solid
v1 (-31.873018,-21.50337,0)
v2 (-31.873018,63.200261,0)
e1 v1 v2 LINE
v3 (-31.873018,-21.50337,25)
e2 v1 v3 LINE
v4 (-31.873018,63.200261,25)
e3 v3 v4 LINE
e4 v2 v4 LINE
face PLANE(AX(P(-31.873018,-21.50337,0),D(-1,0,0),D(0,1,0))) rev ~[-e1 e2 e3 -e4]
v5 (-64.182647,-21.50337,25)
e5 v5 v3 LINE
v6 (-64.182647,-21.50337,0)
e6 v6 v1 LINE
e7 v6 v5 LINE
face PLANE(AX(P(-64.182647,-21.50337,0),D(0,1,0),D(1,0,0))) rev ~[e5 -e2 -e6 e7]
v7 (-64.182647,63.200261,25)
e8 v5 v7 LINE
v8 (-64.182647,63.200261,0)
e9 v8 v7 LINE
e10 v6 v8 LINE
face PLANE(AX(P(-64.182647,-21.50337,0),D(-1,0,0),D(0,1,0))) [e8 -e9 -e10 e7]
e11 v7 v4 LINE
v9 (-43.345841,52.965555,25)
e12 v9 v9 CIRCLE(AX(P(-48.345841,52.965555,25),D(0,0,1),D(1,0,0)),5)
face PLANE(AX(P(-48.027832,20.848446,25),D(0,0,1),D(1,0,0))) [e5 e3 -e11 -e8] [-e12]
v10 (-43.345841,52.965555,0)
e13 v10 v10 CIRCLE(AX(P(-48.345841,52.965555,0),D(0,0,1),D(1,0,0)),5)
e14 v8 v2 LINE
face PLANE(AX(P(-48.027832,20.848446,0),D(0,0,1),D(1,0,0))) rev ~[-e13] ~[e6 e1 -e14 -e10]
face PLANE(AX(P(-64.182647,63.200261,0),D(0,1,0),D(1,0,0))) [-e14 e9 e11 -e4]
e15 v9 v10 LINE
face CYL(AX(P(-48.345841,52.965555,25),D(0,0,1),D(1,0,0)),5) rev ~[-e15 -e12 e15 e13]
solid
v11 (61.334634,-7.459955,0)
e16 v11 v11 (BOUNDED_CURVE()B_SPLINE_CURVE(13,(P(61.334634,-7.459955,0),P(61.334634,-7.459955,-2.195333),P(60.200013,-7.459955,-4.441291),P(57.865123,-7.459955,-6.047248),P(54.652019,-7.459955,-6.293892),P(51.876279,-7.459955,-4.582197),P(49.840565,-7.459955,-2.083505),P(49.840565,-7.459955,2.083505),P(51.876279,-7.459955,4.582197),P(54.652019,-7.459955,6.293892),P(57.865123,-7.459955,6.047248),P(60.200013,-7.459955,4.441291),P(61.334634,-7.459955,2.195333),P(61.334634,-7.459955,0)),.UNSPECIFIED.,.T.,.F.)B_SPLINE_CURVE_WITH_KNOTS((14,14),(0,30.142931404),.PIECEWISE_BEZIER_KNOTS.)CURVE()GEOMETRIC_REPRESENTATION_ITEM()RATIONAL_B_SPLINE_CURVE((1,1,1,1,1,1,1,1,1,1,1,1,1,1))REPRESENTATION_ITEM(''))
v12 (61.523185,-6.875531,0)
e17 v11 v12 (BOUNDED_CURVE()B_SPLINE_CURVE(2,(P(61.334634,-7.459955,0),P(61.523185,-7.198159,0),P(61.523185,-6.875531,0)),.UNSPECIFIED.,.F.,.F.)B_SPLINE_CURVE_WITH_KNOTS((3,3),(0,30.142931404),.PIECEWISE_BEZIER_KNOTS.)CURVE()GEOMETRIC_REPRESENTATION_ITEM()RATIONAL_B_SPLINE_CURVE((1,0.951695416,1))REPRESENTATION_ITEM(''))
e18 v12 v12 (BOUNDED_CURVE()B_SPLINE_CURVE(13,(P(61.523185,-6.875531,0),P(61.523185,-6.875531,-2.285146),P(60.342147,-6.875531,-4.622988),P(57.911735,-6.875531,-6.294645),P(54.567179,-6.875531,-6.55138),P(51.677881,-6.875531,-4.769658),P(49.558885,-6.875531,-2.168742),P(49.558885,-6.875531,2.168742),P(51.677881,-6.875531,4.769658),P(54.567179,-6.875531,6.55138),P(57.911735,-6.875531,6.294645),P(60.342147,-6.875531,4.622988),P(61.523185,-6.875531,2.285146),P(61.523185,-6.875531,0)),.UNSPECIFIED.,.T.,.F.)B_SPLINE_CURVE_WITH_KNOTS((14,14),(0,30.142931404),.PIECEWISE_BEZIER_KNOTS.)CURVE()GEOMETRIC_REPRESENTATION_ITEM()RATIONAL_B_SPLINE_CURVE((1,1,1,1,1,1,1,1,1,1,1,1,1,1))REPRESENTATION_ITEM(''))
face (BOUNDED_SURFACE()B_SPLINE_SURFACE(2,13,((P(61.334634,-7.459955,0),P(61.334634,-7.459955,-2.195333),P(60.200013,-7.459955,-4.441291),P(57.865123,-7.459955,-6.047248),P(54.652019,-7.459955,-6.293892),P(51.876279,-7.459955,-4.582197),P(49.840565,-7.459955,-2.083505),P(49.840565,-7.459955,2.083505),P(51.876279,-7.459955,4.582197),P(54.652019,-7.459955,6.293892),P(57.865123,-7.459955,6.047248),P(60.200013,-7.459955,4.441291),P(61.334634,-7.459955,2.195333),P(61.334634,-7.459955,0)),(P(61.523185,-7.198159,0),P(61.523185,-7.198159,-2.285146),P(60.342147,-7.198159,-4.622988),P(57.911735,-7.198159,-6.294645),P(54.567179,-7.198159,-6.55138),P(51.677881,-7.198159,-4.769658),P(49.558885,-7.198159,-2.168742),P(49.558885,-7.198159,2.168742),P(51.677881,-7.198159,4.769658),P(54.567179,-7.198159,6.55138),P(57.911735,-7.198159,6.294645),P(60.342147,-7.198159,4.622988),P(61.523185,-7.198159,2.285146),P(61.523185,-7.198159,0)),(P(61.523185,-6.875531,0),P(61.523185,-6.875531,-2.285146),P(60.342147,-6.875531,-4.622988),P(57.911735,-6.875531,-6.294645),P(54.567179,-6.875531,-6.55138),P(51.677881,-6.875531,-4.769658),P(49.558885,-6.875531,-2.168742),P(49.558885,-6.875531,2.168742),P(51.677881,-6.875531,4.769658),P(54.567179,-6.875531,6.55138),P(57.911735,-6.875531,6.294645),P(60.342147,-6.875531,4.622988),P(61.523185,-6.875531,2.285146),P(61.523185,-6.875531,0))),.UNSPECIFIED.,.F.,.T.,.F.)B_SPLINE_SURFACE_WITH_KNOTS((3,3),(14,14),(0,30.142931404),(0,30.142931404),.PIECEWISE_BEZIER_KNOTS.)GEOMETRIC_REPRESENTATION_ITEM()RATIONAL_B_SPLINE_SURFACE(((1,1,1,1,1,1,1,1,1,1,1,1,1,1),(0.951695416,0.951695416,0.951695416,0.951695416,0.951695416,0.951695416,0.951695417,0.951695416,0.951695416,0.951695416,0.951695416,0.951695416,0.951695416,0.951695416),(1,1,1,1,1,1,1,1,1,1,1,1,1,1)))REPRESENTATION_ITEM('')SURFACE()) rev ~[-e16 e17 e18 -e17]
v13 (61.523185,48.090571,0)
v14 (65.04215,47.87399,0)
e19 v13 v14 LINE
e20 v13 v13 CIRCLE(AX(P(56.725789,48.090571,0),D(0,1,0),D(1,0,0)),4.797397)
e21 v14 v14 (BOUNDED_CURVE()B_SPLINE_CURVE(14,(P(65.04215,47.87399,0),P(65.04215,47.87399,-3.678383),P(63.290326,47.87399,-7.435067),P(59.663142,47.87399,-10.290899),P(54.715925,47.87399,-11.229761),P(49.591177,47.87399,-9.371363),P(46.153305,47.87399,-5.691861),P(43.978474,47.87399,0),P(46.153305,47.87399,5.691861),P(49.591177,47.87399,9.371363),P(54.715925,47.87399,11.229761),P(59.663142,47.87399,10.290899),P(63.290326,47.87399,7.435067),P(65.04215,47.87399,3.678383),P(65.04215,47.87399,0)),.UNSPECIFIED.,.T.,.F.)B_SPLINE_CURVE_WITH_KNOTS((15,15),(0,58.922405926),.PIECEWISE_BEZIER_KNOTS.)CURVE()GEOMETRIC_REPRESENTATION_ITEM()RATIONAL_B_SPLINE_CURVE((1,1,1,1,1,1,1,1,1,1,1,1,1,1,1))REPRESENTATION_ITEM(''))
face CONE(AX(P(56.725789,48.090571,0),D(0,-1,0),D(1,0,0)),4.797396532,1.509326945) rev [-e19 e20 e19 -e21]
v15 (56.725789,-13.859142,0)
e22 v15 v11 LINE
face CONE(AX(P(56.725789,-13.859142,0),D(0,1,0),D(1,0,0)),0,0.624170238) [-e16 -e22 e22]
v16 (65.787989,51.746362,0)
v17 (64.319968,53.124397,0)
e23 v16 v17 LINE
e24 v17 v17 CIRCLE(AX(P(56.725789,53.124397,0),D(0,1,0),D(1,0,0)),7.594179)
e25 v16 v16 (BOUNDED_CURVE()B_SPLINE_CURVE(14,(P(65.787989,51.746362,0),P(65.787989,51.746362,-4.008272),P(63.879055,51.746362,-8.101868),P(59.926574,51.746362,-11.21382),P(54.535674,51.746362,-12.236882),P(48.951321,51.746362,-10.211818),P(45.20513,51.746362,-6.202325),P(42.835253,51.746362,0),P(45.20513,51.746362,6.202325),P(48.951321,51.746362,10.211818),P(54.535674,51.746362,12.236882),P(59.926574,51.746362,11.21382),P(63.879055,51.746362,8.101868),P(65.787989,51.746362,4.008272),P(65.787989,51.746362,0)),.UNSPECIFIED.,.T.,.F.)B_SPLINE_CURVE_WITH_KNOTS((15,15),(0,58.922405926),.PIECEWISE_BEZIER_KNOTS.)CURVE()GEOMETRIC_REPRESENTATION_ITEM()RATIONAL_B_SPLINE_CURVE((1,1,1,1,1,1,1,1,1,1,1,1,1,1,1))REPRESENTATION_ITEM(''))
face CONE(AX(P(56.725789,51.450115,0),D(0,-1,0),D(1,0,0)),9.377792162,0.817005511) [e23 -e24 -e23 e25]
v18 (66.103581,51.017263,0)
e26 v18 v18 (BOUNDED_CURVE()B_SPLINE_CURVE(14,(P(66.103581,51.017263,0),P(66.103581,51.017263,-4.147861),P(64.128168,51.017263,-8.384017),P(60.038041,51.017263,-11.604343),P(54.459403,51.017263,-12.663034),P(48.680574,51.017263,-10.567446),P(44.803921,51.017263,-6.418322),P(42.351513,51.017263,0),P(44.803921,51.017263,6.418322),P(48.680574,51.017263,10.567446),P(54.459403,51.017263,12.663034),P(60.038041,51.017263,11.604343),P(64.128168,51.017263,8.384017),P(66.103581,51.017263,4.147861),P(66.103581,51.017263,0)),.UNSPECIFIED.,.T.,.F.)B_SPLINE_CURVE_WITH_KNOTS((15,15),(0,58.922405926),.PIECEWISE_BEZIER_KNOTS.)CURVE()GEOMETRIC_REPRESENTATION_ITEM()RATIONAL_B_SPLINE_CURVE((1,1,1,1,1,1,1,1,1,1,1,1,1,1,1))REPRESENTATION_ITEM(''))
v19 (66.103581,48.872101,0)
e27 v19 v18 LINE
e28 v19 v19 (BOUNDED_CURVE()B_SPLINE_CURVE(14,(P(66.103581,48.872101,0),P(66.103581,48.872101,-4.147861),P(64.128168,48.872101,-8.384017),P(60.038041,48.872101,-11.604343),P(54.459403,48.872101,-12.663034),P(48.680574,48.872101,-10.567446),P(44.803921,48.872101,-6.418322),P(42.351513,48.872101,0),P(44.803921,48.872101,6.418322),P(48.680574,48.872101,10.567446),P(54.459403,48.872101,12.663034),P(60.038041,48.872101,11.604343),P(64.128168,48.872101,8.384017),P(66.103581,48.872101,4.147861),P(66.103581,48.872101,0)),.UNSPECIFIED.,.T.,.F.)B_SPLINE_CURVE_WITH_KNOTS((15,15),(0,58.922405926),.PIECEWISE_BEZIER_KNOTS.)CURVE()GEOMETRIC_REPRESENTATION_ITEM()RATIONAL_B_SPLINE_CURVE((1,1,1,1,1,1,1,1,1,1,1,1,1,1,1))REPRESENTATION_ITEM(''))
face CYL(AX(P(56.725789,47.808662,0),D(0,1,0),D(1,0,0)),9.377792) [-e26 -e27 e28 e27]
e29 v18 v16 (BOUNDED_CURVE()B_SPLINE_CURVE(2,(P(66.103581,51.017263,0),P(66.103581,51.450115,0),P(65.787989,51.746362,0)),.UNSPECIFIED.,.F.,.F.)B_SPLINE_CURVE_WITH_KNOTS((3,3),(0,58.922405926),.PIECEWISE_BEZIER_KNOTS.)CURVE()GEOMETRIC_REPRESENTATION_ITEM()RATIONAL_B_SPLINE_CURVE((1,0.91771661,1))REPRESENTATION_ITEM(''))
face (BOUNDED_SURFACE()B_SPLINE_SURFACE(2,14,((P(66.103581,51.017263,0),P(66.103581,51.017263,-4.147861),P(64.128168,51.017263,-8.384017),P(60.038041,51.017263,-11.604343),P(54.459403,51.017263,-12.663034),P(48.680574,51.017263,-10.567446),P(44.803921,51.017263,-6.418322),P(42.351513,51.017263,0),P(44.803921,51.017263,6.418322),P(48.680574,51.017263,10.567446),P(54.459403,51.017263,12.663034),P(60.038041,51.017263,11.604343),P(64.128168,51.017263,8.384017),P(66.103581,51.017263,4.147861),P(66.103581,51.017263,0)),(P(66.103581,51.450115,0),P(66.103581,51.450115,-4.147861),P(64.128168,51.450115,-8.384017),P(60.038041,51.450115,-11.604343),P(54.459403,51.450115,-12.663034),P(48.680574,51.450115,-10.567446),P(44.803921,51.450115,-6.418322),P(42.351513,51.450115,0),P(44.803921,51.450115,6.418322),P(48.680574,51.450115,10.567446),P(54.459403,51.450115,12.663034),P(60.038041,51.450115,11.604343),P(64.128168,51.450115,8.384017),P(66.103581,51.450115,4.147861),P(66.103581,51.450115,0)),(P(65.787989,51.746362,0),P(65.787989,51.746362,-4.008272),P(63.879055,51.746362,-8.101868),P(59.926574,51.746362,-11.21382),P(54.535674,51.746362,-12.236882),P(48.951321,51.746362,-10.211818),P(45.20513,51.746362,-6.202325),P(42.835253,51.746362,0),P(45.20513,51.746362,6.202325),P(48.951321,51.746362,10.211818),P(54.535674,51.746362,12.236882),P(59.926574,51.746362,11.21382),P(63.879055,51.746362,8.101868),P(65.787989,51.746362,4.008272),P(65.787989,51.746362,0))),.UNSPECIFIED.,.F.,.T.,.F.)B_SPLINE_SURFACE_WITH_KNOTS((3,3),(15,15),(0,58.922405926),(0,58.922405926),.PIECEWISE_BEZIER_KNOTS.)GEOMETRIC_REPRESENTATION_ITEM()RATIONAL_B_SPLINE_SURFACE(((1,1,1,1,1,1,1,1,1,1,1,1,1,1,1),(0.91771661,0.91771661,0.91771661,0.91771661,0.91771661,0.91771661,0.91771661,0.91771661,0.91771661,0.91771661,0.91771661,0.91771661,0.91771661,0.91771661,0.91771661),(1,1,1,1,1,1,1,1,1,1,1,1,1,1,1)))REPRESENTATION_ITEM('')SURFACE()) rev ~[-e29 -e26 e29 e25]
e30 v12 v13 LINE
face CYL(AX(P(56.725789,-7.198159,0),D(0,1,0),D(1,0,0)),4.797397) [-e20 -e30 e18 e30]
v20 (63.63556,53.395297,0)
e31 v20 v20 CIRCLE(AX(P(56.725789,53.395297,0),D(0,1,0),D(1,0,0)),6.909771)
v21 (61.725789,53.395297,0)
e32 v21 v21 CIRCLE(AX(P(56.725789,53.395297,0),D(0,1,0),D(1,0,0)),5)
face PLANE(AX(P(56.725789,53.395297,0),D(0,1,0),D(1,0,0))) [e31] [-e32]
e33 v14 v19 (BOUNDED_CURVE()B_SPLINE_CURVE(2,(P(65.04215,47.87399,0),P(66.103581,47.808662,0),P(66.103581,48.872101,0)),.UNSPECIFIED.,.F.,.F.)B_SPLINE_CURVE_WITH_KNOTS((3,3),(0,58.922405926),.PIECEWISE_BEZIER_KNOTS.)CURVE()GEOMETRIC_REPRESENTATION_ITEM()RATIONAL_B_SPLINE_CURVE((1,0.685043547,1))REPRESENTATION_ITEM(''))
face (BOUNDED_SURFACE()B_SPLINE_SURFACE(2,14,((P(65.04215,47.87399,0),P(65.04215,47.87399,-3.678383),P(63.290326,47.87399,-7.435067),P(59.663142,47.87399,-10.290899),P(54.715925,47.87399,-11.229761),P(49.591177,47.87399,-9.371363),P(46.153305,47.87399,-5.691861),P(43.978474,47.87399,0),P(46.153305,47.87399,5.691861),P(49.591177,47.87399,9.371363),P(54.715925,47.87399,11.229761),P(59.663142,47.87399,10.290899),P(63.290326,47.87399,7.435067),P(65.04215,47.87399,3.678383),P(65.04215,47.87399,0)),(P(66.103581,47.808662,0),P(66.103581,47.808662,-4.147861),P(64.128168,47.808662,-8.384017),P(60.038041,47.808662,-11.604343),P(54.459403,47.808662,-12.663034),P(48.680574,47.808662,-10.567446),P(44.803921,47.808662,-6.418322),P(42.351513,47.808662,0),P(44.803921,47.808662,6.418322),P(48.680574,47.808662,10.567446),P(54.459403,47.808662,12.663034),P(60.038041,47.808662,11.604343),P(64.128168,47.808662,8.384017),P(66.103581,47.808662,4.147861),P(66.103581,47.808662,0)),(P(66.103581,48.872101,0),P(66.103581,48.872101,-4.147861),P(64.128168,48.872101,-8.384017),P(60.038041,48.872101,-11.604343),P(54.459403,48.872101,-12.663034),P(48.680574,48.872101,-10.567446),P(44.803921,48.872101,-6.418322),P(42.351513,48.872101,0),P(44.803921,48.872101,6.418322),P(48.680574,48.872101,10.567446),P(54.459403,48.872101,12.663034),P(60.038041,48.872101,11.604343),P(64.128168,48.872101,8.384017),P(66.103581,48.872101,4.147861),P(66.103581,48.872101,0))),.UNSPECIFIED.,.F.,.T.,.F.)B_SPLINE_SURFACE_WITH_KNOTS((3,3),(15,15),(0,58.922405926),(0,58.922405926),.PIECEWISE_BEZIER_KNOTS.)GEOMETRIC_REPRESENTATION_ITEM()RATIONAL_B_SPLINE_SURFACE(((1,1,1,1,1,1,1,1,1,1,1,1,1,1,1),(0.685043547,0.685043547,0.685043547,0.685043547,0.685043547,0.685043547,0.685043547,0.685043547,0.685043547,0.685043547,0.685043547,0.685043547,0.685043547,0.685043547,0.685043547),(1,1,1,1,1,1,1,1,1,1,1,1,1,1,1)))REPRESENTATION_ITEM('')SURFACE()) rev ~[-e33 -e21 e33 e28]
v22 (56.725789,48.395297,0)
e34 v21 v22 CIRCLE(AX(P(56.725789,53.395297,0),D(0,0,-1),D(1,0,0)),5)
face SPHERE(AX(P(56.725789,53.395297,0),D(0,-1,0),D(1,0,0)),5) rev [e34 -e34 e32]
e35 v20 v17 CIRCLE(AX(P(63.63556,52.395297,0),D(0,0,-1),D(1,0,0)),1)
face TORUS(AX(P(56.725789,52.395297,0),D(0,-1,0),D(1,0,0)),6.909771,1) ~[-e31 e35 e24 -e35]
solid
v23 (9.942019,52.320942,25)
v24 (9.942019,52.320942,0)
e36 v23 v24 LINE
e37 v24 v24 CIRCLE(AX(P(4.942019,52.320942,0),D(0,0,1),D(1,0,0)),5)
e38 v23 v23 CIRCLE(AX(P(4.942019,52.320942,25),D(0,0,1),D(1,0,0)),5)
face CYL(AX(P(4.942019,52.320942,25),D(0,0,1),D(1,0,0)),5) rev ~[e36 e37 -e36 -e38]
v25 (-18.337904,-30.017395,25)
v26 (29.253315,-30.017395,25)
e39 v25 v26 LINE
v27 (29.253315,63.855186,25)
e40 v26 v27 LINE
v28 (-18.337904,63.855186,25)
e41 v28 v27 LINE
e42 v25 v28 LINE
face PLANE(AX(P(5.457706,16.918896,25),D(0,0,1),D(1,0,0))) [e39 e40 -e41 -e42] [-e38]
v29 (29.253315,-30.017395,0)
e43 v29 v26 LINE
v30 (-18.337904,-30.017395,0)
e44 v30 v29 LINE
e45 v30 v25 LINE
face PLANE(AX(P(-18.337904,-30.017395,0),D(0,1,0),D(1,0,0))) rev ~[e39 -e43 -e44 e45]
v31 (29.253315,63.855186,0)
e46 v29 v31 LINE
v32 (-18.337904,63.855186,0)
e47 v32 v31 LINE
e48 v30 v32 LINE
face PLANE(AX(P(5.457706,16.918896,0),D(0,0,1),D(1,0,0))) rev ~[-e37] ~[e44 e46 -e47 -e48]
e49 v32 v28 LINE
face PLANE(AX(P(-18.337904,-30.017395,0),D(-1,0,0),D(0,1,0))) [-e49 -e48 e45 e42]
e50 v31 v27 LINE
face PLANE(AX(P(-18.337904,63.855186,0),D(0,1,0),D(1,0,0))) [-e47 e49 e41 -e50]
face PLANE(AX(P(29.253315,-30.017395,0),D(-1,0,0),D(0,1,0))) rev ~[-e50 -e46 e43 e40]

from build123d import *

# Parameters (mm, degrees)
F0_W     = 32.3096290231
F0_H     = 84.7036316991
F2_DEPTH = 25
F1_W     = 47.5912187248
F1_H     = 93.8725806773
F3_DEPTH = 25
F4_R     = 5
F5_DEPTH = 30
F6_R     = 5
F7_DEPTH = 30
F10_R    = 1


with BuildPart() as f2:
    # F0 (on Top) → F2 (new body)
    with BuildSketch(Plane.XY):
        with Locations((-48.0278320611, 20.8484455943)):
            Rectangle(F0_W, F0_H)
    extrude(amount=F2_DEPTH)

    # F4 (on face) → F5 (cut)
    with BuildSketch(Plane.XY.offset(25)):
        with Locations((-48.3458414674, 52.9655553401)):
            Circle(F4_R)
    extrude(amount=-F5_DEPTH, mode=Mode.SUBTRACT)


with BuildPart() as f3:
    # F1 (on Top) → F3 (new body)
    with BuildSketch(Plane.XY):
        with Locations((5.4577058181, 16.9188957661)):
            Rectangle(F1_W, F1_H)
    extrude(amount=F3_DEPTH)

    # F6 (on face) → F7 (cut)
    with BuildSketch(Plane.XY.offset(25)):
        with Locations((4.94201947, 52.3209422827)):
            Circle(F6_R)
    extrude(amount=-F7_DEPTH, mode=Mode.SUBTRACT)


with BuildPart() as f9:
    # F8 (on Top) → F9 (revolve)
    with BuildSketch(Plane.XY):
        with BuildLine():
            Line((64.0313774347, 53.3952973783), (61.7257888615, 53.3952973783))
            ThreePointArc((61.7257888615, 53.3952973783), (60.2613227674, 49.8597634724), (56.7257888615, 48.3952973783))
            Line((56.7257888615, 48.3952973783), (56.7257888615, -13.859141618))
            Line((56.7257888615, -13.859141618), (61.5231853937, -7.1981586516))
            Line((61.5231853937, -7.1981586516), (61.5231853937, 48.0905712957))
            Line((61.5231853937, 48.0905712957), (66.1035810235, 47.8086620569))
            Line((66.1035810235, 47.8086620569), (66.1035810235, 51.4501150073))
            Line((66.1035810235, 51.4501150073), (64.0313774347, 53.3952973783))
        make_face()
    revolve(axis=Axis((56.7257888615, 19.7680778801, 0), (0, 1, 0)))

    # F10
    f10_edges = [f9.edges().sort_by_distance(p)[0] for p in [
        (47.347997, 51.450115, 0),
        (49.4202, 53.395297, 0),
        (47.347997, 47.808662, 0),
        (51.928392, -7.198159, 0),
    ]]
    fillet(f10_edges, radius=F10_R)


solid = Compound([f2.part, f3.part, f9.part])
